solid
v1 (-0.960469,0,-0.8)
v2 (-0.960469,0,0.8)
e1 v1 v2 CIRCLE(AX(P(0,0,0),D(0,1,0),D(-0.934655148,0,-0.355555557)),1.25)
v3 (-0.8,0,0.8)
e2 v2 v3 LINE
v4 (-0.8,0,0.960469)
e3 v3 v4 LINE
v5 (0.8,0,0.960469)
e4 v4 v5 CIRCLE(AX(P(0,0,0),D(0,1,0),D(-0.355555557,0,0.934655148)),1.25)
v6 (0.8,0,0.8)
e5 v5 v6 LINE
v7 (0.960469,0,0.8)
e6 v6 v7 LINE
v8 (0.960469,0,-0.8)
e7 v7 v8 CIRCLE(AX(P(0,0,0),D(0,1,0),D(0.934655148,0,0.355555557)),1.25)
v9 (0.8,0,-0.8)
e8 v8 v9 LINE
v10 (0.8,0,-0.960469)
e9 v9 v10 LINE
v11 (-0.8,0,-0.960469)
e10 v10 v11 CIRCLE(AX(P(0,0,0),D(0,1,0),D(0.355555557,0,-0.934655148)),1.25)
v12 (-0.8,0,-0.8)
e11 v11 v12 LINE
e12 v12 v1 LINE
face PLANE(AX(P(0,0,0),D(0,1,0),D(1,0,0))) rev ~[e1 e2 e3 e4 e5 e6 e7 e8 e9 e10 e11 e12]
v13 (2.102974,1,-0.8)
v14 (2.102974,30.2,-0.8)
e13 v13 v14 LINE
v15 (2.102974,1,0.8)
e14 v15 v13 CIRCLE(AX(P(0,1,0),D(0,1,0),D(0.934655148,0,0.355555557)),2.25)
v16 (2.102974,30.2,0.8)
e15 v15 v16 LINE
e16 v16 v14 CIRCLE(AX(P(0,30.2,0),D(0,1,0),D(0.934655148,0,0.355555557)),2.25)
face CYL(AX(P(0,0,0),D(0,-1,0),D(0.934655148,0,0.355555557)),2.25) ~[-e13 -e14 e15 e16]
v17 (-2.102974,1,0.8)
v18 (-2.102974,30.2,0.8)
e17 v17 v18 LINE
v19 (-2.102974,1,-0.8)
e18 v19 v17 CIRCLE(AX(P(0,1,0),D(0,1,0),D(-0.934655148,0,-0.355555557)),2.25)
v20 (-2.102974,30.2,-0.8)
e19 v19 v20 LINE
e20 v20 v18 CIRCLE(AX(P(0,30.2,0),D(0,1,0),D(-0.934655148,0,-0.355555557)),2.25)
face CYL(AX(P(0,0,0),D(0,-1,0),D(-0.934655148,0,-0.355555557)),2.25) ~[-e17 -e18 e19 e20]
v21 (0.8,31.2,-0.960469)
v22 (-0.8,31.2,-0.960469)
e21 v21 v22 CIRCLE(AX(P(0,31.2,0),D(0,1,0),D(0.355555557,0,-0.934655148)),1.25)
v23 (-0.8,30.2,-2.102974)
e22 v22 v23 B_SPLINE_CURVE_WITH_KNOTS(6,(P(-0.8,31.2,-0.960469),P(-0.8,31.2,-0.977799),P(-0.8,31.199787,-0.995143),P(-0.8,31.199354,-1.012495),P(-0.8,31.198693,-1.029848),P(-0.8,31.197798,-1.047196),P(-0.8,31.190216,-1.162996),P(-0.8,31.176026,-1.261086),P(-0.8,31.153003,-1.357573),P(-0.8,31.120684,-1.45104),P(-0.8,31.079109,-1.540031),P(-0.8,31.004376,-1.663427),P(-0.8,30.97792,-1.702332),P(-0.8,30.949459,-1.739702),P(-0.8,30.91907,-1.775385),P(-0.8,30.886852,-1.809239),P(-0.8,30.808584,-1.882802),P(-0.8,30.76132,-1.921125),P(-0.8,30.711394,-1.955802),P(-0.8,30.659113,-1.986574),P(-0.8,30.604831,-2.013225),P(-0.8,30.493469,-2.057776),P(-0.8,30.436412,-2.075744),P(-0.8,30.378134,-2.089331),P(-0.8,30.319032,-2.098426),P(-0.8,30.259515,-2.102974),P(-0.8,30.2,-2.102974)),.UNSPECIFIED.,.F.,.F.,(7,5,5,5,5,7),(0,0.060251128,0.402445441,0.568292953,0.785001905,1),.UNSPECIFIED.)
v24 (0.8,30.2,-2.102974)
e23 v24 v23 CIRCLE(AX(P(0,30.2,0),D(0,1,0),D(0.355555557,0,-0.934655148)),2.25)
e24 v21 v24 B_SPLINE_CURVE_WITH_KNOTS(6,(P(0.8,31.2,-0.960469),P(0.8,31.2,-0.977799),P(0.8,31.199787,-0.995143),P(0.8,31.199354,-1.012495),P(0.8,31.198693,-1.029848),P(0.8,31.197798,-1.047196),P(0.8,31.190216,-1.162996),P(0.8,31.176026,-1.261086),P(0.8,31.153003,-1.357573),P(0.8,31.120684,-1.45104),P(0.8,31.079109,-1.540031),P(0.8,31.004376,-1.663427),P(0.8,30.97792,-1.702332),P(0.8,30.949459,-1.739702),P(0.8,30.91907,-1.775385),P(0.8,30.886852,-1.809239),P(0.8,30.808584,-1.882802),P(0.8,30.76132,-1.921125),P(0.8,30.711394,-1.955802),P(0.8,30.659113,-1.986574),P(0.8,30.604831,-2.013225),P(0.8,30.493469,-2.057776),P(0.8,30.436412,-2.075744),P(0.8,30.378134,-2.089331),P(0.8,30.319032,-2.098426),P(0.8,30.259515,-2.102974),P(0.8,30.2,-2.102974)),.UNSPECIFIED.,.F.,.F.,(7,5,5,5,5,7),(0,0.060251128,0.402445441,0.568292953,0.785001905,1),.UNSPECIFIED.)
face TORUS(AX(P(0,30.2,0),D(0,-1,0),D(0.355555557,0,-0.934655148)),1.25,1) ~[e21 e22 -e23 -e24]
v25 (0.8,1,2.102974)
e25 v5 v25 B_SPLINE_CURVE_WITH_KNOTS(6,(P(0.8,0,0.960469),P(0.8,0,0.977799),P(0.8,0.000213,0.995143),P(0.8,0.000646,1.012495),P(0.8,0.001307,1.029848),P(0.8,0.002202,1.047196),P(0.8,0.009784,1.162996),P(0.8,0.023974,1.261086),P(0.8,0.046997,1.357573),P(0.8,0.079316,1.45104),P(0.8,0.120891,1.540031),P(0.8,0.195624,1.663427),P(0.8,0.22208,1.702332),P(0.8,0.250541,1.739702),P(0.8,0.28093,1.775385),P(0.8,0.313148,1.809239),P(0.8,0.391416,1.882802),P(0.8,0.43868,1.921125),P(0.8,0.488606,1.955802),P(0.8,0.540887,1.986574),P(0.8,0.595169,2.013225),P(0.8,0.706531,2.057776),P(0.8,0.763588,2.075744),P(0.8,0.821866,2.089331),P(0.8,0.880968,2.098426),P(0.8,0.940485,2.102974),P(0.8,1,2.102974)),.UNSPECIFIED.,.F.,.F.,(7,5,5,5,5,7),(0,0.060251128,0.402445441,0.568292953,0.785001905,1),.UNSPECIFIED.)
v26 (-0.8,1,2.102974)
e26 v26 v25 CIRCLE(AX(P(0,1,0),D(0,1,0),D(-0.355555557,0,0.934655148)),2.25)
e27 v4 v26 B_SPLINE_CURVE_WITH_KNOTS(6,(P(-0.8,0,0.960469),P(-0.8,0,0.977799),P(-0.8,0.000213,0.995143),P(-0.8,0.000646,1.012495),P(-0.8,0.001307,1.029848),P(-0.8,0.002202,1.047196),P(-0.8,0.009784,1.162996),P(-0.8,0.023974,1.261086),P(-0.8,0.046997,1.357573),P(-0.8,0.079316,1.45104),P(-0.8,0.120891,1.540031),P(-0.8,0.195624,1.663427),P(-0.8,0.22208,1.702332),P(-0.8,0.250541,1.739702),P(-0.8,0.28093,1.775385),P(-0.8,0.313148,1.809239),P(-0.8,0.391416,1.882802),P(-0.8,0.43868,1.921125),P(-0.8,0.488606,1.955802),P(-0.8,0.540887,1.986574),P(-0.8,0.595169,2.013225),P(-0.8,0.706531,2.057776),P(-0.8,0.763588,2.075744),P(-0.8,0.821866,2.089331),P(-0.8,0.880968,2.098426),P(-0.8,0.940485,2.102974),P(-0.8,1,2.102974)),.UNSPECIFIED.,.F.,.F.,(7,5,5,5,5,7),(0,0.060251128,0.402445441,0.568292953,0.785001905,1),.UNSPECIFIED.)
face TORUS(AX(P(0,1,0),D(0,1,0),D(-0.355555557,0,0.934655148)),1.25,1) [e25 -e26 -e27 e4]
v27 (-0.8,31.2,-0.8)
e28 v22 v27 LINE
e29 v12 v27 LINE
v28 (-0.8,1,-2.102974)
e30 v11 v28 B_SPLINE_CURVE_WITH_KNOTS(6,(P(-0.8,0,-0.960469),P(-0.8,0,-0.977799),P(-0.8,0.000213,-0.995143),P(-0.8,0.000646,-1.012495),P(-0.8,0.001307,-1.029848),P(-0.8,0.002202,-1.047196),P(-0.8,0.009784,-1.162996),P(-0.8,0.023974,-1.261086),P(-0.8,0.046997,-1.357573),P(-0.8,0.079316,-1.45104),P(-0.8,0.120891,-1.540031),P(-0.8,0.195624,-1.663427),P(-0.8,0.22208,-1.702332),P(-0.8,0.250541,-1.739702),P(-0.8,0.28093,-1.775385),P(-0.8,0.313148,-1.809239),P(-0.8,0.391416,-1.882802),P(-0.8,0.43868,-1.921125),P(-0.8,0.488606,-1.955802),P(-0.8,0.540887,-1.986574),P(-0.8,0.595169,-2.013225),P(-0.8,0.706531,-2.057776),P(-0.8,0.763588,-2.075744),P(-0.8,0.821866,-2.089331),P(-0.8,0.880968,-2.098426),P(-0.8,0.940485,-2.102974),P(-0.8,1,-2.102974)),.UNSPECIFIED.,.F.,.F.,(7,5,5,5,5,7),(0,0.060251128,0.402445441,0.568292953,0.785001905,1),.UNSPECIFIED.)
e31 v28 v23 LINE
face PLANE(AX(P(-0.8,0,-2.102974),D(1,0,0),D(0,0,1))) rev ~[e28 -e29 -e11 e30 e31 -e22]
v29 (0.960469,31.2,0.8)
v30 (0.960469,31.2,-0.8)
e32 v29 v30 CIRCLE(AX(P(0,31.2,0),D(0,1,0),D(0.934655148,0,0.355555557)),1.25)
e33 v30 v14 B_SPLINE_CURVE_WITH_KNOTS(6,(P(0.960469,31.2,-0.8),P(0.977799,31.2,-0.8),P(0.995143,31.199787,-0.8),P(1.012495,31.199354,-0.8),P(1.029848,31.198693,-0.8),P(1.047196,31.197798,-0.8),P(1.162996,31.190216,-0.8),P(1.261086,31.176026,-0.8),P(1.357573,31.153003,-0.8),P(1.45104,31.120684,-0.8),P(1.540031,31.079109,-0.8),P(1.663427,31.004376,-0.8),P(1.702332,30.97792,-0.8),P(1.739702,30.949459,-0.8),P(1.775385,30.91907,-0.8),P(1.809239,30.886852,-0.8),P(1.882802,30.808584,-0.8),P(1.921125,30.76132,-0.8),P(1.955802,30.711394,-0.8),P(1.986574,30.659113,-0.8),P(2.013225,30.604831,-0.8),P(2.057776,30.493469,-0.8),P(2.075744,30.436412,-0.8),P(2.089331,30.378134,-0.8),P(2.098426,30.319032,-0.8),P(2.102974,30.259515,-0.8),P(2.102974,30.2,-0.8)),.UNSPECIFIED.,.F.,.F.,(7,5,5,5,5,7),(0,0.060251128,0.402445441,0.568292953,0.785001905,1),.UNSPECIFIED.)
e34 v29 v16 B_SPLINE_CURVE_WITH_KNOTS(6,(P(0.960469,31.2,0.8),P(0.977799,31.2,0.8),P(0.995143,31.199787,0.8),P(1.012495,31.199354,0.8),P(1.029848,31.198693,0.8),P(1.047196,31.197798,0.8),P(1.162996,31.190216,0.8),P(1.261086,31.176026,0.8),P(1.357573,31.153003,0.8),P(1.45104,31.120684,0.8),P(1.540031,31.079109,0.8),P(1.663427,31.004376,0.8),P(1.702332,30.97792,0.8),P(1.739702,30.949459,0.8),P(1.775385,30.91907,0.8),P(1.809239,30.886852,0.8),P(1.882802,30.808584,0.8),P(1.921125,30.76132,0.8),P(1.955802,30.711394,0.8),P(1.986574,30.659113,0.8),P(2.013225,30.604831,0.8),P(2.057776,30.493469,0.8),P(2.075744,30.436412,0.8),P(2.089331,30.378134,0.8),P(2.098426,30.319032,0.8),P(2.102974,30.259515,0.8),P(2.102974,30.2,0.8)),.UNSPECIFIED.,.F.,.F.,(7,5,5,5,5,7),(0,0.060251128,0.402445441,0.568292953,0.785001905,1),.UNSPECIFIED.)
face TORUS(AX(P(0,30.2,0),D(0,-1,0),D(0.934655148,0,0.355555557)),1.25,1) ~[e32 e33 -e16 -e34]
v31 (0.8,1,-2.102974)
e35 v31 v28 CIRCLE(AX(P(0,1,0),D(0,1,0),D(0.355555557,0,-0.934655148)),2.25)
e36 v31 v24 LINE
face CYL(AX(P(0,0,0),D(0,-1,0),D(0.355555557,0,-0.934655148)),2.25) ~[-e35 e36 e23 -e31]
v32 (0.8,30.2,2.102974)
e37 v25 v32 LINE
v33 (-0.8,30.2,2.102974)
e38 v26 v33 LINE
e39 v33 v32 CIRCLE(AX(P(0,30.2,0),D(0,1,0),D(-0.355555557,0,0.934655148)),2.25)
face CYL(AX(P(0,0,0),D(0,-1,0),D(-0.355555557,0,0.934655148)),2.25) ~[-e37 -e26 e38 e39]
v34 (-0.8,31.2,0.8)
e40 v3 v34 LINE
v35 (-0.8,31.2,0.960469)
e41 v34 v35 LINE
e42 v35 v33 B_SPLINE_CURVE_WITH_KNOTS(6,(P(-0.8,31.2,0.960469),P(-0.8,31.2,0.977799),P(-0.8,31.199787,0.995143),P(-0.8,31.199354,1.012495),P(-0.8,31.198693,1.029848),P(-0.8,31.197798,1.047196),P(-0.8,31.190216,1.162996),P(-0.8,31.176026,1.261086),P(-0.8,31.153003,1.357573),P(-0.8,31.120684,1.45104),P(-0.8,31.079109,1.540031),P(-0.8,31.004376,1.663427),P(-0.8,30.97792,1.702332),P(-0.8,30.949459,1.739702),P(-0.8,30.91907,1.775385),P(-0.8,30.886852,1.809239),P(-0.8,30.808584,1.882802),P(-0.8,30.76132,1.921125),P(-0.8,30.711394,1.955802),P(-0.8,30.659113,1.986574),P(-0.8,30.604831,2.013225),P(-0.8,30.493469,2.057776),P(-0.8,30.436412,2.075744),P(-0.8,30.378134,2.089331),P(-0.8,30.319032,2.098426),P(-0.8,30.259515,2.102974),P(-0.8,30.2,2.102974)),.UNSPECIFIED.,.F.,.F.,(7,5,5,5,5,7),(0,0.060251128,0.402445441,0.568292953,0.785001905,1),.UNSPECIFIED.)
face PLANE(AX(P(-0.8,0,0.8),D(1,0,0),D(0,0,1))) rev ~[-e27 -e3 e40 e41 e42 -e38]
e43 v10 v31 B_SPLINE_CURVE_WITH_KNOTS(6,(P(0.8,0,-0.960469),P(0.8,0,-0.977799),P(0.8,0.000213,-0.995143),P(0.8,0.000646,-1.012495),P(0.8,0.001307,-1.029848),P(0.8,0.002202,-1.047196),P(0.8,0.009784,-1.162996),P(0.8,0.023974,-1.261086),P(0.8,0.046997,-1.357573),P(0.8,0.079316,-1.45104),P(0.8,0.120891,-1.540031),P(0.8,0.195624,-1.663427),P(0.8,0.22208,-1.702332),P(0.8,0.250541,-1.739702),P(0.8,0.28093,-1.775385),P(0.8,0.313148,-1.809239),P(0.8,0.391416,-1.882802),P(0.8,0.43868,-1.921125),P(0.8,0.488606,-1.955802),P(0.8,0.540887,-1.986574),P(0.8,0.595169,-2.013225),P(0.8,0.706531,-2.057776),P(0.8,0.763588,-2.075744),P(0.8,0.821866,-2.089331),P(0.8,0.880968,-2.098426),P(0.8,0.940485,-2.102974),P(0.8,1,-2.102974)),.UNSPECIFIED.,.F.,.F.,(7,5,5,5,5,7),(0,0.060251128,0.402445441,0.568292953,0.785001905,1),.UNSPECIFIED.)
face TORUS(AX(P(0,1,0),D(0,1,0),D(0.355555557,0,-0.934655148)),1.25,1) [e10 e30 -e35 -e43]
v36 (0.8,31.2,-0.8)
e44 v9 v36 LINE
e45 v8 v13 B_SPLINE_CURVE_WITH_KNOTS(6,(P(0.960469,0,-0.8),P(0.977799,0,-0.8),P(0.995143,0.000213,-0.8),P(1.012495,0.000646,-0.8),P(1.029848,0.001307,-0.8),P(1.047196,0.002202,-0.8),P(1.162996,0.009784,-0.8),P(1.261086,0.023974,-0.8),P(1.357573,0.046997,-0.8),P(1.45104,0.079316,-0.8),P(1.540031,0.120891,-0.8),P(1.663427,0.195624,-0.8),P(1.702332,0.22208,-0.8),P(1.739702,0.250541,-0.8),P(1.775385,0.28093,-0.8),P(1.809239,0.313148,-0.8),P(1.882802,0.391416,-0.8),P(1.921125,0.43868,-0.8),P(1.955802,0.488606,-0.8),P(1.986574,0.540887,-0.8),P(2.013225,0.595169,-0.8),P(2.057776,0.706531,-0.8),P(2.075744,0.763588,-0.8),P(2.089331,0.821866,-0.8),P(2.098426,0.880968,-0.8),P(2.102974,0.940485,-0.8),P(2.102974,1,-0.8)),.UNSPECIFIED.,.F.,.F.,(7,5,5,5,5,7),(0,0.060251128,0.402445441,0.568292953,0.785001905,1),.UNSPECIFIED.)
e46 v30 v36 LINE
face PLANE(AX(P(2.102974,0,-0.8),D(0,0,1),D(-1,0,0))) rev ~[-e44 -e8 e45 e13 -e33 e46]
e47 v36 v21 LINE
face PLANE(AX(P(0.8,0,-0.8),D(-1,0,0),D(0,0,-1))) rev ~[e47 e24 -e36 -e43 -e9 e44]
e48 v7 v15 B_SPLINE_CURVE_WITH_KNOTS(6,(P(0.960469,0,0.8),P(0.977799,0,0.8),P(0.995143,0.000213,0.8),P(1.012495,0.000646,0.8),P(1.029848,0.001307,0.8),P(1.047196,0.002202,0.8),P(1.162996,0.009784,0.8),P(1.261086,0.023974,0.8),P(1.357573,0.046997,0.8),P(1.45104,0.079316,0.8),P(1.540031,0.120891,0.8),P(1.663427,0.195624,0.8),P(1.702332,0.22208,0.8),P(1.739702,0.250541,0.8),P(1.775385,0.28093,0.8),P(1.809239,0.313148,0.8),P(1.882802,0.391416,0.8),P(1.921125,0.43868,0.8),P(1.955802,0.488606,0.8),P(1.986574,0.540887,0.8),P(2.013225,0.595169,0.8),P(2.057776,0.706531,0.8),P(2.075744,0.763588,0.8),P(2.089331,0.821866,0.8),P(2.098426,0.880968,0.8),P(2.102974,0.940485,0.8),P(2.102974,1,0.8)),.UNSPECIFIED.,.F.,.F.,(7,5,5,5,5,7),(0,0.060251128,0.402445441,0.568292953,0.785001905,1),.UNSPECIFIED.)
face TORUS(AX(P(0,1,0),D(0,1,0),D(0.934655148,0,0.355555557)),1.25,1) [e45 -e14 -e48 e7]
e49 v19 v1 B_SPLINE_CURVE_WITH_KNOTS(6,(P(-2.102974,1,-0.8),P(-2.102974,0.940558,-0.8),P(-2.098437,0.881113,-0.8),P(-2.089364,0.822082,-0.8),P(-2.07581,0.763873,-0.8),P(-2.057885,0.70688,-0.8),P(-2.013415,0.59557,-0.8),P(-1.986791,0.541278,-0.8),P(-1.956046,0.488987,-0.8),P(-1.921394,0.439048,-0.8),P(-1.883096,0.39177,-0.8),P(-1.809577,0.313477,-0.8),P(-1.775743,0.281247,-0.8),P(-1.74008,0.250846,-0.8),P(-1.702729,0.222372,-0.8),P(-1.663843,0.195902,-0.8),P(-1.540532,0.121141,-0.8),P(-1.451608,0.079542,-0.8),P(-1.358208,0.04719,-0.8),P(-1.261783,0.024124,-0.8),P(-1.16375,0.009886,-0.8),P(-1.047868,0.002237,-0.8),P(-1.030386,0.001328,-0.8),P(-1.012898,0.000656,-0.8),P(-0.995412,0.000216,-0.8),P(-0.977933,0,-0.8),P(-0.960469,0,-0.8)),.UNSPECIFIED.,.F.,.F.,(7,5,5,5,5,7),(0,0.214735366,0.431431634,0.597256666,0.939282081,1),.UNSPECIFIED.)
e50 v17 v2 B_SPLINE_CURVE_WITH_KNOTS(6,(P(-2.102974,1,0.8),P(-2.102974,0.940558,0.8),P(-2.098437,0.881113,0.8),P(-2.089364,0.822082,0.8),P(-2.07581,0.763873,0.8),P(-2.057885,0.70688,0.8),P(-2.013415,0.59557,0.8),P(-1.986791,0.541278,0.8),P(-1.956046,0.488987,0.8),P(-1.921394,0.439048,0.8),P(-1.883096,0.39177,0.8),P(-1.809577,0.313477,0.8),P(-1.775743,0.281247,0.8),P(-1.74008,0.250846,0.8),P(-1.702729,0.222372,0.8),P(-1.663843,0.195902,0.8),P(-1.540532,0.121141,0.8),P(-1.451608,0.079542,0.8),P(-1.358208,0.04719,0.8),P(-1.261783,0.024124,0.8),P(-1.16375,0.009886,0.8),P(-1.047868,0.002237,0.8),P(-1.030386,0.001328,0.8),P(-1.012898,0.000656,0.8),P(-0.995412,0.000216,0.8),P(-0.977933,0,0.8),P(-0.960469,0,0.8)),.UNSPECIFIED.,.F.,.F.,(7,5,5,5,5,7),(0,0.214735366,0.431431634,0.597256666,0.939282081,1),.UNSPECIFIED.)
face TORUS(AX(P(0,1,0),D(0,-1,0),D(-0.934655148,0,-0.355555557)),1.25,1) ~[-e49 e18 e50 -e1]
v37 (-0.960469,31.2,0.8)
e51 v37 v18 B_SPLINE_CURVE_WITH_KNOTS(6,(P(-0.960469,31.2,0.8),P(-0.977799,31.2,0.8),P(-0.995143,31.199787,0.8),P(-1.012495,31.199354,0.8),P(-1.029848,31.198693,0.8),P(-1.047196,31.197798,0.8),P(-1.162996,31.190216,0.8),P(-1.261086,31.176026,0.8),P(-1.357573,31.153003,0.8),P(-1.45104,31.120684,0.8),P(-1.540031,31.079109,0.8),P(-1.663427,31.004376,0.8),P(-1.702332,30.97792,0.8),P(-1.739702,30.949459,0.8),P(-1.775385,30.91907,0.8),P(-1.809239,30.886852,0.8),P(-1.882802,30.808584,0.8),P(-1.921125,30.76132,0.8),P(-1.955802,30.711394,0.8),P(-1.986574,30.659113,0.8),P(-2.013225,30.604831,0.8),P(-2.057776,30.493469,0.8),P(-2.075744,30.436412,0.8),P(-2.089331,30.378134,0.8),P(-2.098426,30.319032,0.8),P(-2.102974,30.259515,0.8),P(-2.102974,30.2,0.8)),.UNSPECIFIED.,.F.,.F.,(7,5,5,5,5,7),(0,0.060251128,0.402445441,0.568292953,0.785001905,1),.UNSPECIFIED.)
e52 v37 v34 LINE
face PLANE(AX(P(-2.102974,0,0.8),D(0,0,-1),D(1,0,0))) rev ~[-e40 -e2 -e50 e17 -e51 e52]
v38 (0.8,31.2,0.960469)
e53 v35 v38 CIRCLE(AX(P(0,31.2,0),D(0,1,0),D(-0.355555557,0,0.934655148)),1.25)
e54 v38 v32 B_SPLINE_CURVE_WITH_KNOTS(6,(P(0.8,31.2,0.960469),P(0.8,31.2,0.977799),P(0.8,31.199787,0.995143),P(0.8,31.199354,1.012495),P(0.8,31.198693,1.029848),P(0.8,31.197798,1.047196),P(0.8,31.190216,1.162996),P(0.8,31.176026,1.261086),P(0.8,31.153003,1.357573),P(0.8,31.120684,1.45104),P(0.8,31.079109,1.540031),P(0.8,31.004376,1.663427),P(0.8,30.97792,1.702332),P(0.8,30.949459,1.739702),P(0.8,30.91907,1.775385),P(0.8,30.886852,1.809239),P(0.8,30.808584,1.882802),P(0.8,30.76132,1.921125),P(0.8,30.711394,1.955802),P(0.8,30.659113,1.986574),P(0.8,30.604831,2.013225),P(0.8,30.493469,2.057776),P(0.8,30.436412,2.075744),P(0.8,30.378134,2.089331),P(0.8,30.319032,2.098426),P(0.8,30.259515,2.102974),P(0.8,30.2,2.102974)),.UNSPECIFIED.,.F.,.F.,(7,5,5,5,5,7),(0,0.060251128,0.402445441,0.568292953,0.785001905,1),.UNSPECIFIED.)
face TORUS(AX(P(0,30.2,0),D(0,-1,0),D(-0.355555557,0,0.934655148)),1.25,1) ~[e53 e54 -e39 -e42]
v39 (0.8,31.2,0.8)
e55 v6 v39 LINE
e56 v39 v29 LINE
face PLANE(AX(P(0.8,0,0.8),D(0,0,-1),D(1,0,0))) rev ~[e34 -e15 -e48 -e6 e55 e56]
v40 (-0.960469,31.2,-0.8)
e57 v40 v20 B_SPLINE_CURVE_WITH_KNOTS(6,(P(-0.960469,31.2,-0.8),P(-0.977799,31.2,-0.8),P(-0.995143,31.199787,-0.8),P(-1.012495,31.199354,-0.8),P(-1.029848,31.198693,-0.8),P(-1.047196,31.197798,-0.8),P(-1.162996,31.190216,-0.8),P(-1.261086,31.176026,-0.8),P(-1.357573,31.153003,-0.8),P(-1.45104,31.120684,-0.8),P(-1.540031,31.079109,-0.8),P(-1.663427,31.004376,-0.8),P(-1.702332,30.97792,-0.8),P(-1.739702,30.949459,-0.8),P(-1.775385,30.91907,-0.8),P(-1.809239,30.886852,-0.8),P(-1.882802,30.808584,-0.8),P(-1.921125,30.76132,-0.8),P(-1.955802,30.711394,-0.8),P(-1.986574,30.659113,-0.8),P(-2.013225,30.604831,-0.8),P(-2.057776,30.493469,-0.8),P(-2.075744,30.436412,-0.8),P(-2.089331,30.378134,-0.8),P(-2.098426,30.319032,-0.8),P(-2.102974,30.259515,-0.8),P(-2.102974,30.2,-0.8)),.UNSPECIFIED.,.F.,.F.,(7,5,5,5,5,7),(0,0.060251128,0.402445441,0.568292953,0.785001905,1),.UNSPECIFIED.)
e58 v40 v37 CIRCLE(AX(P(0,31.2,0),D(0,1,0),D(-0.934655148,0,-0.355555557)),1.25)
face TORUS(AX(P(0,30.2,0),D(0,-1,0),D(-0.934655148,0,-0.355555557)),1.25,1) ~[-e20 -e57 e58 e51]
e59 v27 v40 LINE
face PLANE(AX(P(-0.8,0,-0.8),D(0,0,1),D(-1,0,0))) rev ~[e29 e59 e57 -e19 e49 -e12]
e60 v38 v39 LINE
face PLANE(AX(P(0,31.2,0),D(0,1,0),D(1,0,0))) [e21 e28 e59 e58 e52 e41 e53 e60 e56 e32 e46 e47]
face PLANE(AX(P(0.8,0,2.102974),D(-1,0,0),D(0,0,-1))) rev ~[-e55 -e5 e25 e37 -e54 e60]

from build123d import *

# Parameters (mm, degrees)
BOSS_EXTRUDE1_DEPTH = 31.2
FILLET1_R           = 1
FILLET2_R           = 1
FILLET3_R           = 1
FILLET4_R           = 1
FILLET20_R          = 1
FILLET21_R          = 1
FILLET22_R          = 1
FILLET23_R          = 1


with BuildPart() as part:
    # Sketch1 → Boss-Extrude1 (new body)
    with BuildSketch(Plane(origin=(0, 0, 0), x_dir=(1, 0, 0), z_dir=(0, 1, 0))):
        with BuildLine():
            Line((-0.8, -0.8), (-0.8, -2.102974084))
            ThreePointArc((-0.8, -2.102974084), (0, -2.25), (0.8, -2.102974084))
            Line((0.8, -2.102974084), (0.8, -0.8))
            Line((0.8, -0.8), (2.102974084, -0.8))
            ThreePointArc((2.102974084, -0.8), (2.25, 0), (2.102974084, 0.8))
            Line((2.102974084, 0.8), (0.8, 0.8))
            Line((0.8, 0.8), (0.8, 2.102974084))
            ThreePointArc((0.8, 2.102974084), (0, 2.25), (-0.8, 2.102974084))
            Line((-0.8, 2.102974084), (-0.8, 0.8))
            Line((-0.8, 0.8), (-2.102974084, 0.8))
            ThreePointArc((-2.102974084, 0.8), (-2.25, 0), (-2.102974084, -0.8))
            Line((-2.102974084, -0.8), (-0.8, -0.8))
        make_face()
    extrude(amount=BOSS_EXTRUDE1_DEPTH)

    # Fillet1
    fillet1_edges = [part.edges().sort_by_distance(p)[0] for p in [
        (-2.25, 0, 0),
    ]]
    fillet(fillet1_edges, radius=FILLET1_R)

    # Fillet2
    fillet2_edges = [part.edges().sort_by_distance(p)[0] for p in [
        (0, 0, 2.25),
    ]]
    fillet(fillet2_edges, radius=FILLET2_R)

    # Fillet3
    fillet3_edges = [part.edges().sort_by_distance(p)[0] for p in [
        (2.25, 0, 0),
    ]]
    fillet(fillet3_edges, radius=FILLET3_R)

    # Fillet4
    fillet4_edges = [part.edges().sort_by_distance(p)[0] for p in [
        (0, 0, -2.25),
    ]]
    fillet(fillet4_edges, radius=FILLET4_R)

    # Fillet20
    fillet20_edges = [part.edges().sort_by_distance(p)[0] for p in [
        (2.25, 31.2, 0),
    ]]
    fillet(fillet20_edges, radius=FILLET20_R)

    # Fillet21
    fillet21_edges = [part.edges().sort_by_distance(p)[0] for p in [
        (0, 31.2, 2.25),
    ]]
    fillet(fillet21_edges, radius=FILLET21_R)

    # Fillet22
    fillet22_edges = [part.edges().sort_by_distance(p)[0] for p in [
        (-2.25, 31.2, 0),
    ]]
    fillet(fillet22_edges, radius=FILLET22_R)

    # Fillet23
    fillet23_edges = [part.edges().sort_by_distance(p)[0] for p in [
        (0, 31.2, -2.25),
    ]]
    fillet(fillet23_edges, radius=FILLET23_R)


solid = part.part
